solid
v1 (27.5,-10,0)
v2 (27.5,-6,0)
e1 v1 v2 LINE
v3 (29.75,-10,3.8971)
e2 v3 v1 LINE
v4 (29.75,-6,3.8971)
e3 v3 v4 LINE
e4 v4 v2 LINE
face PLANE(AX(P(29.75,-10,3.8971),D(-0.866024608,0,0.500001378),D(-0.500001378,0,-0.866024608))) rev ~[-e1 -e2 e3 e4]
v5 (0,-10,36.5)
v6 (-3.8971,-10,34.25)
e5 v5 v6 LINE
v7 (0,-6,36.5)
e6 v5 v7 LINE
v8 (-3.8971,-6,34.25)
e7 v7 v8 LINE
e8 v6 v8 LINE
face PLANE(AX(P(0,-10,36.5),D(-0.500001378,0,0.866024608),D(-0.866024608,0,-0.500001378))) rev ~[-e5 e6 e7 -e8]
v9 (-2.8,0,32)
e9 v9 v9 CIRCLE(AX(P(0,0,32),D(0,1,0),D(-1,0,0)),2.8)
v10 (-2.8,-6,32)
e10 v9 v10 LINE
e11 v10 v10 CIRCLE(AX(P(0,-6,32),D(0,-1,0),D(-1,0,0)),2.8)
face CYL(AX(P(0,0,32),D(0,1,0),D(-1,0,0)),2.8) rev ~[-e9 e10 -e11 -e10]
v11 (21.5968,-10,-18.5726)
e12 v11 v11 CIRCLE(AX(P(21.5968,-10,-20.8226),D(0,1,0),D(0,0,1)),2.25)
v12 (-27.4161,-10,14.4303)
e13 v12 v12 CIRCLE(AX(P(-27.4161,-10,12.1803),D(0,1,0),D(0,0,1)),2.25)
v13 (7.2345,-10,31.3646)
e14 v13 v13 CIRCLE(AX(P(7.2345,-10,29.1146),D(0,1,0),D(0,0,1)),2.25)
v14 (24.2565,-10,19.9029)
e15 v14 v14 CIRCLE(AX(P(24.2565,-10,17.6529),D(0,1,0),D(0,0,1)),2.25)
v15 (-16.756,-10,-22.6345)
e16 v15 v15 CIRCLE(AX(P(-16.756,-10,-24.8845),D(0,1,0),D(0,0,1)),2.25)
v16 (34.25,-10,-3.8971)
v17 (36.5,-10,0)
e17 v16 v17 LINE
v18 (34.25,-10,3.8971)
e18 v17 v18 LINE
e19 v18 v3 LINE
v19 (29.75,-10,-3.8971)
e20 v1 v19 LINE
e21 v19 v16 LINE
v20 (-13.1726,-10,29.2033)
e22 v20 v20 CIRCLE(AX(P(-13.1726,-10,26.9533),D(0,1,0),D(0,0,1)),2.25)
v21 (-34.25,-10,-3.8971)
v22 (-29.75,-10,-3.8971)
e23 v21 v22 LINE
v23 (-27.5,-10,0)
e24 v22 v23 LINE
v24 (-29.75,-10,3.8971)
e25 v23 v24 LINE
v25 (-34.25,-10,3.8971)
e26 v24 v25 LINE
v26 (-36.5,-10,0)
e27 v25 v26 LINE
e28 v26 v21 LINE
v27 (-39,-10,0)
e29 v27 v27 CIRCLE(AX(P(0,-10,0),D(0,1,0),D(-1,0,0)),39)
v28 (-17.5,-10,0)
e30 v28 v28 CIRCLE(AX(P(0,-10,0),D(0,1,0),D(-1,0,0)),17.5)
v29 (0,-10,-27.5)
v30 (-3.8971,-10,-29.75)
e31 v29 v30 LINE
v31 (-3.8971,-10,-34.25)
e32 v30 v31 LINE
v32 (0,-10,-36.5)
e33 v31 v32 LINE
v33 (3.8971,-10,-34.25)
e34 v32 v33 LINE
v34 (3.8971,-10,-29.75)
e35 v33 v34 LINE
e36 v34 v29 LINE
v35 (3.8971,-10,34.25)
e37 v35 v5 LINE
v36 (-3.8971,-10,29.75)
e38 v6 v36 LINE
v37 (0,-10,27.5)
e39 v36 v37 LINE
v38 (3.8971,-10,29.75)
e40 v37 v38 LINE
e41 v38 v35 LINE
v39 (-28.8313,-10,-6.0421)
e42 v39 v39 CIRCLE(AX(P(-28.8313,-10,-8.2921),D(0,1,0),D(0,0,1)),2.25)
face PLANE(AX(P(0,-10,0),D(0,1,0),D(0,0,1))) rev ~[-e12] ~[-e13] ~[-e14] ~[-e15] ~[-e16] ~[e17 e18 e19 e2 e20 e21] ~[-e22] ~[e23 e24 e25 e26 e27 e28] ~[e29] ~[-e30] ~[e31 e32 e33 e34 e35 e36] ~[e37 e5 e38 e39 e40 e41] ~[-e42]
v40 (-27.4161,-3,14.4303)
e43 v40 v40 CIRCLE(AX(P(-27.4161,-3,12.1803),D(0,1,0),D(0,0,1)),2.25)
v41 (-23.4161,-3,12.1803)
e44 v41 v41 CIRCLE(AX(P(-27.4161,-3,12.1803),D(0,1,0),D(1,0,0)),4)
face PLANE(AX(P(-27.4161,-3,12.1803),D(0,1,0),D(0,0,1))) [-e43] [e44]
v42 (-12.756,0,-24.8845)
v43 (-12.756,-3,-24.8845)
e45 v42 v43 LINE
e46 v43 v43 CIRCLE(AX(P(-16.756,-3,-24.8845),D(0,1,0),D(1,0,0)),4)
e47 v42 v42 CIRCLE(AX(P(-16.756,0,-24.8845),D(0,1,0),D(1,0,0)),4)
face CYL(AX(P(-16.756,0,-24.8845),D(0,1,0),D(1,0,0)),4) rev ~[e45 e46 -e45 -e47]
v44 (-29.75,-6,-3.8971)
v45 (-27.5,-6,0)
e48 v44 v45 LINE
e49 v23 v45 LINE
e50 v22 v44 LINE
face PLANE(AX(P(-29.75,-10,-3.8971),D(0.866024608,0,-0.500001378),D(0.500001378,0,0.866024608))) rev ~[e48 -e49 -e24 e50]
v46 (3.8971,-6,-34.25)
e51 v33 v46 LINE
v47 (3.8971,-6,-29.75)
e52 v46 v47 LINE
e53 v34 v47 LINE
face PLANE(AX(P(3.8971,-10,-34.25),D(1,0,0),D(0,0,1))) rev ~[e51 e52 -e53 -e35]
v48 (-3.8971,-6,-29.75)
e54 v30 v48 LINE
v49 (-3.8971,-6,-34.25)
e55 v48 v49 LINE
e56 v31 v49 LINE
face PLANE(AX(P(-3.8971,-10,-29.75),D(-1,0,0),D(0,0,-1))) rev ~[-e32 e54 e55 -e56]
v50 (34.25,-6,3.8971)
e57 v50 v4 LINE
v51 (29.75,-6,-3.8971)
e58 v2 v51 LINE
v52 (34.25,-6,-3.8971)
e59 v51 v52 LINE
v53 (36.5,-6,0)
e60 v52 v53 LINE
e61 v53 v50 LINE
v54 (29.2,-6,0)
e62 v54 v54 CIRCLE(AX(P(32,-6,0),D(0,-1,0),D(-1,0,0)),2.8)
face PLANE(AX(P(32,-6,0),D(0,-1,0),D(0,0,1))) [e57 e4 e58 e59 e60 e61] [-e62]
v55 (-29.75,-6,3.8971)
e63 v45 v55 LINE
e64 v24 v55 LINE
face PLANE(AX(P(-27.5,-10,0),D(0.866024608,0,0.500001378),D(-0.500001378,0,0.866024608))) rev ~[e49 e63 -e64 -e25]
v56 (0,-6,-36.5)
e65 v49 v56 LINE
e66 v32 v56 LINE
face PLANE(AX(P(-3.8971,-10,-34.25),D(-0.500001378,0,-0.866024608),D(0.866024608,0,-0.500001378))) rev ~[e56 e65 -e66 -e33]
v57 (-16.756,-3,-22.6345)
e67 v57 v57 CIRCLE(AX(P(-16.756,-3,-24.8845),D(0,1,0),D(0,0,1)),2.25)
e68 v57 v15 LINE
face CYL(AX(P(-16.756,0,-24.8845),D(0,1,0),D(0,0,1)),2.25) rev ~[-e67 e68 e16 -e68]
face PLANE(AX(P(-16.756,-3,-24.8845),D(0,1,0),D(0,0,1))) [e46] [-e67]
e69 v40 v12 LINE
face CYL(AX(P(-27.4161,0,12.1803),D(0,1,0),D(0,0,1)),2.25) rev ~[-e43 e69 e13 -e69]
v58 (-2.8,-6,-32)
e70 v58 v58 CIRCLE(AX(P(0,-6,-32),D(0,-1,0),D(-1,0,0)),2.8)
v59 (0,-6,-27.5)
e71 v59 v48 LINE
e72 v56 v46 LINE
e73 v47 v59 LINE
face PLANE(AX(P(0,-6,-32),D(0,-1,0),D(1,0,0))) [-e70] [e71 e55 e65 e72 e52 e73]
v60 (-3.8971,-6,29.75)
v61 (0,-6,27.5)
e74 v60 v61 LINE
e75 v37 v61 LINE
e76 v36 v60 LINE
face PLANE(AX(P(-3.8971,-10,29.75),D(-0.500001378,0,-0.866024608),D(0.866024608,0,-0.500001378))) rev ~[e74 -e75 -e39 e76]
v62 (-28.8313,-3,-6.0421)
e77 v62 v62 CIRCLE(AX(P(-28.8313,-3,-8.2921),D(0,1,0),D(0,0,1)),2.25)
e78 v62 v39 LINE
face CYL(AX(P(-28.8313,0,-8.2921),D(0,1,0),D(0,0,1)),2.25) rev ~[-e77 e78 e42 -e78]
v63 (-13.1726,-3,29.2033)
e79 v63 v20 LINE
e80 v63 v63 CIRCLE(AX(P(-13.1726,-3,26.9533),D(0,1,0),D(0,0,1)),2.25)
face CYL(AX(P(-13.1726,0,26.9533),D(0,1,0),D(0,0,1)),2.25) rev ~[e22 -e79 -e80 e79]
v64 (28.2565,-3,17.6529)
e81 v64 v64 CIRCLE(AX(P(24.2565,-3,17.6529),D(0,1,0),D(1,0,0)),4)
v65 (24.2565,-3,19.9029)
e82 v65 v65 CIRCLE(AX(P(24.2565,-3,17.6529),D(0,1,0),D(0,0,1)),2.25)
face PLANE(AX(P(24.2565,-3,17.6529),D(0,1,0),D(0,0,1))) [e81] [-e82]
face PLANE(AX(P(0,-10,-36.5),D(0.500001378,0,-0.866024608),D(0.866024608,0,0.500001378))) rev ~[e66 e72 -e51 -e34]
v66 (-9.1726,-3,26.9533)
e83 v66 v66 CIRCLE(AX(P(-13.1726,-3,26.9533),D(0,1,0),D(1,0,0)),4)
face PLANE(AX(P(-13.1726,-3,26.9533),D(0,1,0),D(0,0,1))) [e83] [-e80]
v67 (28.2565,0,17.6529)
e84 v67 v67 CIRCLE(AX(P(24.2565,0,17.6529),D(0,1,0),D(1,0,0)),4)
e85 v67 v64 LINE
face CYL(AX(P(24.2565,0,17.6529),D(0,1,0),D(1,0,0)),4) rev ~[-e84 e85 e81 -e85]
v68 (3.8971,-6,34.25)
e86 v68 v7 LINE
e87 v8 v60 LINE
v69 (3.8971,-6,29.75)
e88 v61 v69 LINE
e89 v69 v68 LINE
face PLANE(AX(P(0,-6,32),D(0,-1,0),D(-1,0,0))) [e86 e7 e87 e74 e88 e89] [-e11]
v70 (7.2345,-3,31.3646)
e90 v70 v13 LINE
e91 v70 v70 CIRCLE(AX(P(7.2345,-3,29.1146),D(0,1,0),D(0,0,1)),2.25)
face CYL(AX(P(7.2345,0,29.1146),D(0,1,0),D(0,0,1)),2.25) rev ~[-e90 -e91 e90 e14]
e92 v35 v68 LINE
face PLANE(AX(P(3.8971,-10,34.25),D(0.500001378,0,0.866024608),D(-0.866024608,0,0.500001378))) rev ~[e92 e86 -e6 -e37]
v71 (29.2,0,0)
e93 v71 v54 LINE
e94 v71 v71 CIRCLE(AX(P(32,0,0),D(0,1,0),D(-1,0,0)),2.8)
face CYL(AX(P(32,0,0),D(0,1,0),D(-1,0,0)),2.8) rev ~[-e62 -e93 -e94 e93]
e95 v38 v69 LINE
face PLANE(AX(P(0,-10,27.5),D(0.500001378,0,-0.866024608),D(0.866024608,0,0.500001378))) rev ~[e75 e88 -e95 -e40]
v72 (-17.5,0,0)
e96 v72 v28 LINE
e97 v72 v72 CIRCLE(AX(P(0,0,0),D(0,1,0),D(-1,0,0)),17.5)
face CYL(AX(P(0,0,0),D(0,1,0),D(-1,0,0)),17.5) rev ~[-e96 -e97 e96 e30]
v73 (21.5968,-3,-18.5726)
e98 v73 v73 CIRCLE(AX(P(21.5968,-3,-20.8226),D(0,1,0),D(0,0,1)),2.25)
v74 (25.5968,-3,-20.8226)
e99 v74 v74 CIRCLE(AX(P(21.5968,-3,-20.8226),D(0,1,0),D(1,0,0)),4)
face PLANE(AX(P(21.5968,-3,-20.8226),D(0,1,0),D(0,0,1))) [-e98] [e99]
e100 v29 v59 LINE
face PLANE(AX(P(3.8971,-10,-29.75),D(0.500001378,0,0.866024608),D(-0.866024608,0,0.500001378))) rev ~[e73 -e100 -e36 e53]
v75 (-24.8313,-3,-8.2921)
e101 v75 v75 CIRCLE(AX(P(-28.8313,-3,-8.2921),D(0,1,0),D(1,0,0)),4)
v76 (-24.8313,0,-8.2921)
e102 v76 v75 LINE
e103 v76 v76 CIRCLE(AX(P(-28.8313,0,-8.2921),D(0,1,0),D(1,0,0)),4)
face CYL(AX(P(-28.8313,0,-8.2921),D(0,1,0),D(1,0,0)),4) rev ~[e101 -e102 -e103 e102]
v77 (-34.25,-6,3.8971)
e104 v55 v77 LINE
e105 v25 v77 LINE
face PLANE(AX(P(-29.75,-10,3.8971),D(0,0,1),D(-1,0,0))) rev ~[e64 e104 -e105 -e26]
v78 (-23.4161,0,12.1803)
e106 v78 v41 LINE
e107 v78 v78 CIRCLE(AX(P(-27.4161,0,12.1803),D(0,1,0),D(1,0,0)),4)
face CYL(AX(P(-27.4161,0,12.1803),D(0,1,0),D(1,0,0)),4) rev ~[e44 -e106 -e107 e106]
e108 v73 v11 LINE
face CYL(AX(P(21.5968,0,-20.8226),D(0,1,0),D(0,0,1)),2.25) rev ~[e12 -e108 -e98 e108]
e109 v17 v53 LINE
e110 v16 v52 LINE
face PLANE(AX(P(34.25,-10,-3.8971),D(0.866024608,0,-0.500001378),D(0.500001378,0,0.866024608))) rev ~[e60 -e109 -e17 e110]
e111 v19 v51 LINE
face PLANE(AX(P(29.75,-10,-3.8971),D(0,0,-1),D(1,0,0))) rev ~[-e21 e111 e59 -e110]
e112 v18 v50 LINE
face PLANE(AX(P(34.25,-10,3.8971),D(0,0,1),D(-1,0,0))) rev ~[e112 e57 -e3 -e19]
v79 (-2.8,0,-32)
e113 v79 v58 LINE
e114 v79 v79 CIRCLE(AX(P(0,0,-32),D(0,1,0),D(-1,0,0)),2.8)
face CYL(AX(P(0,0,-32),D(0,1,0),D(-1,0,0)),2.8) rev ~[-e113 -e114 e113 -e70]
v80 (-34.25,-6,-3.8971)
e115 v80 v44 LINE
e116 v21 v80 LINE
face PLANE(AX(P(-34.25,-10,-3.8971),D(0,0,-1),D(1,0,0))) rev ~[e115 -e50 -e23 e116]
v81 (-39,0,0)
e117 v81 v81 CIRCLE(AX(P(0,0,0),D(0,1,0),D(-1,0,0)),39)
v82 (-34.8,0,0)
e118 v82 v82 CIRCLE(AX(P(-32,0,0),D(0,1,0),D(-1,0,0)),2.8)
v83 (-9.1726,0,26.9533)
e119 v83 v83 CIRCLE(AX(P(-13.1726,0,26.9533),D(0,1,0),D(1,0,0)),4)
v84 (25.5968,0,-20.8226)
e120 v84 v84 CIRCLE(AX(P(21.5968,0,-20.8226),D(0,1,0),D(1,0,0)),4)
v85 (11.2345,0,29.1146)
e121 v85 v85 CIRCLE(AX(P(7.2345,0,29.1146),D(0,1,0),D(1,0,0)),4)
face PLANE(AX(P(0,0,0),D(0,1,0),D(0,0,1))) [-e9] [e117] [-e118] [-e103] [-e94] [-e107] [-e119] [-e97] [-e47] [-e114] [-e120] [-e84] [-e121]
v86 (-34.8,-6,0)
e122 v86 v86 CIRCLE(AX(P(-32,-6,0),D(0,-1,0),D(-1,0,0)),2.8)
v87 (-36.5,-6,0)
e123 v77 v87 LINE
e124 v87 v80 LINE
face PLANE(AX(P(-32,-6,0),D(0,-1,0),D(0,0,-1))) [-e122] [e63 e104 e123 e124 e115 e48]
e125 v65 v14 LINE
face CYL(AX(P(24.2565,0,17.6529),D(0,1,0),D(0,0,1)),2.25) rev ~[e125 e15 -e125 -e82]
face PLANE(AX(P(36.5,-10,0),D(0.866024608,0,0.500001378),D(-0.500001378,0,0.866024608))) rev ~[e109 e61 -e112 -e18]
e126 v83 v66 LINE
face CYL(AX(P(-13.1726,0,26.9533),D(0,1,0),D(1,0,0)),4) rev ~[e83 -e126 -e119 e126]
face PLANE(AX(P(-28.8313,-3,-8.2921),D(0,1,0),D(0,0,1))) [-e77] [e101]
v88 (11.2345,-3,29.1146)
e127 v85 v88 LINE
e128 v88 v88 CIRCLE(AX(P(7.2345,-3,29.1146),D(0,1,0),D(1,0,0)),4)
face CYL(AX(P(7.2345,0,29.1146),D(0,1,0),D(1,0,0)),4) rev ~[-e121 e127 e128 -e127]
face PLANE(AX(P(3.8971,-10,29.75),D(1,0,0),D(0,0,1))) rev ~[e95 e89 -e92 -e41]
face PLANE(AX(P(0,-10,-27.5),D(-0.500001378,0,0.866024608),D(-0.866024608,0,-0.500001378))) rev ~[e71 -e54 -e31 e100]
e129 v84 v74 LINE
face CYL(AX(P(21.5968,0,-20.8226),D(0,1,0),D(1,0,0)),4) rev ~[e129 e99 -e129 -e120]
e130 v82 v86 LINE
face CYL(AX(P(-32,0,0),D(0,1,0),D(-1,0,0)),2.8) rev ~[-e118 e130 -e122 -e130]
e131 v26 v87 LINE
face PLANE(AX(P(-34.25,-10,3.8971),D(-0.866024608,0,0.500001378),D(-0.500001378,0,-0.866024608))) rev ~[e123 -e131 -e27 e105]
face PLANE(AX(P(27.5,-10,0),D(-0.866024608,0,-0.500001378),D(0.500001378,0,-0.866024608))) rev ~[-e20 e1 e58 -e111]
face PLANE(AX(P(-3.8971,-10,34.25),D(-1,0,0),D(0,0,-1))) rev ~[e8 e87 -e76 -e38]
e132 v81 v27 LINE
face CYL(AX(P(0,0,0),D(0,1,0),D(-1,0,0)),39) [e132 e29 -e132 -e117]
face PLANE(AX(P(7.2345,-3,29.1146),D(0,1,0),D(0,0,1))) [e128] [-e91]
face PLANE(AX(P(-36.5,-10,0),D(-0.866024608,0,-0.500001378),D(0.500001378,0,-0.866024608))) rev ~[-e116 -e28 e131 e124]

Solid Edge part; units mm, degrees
sketch "Sketch1" plane through (0, 0, 0) normal (0, 1, 0) x (-1, 0, 0)
  circle A0 centre (0, 0) radius 17.5
  circle A1 centre (0, 0) radius 39
  dimension "D1" = 64
  dimension "D2" = 78
  dimension "D3" = 35
  dimension "D4" = 5.6
extrude "Protrusion1" add sketch "Sketch1" against normal blind 10
sketch "Sketch2" plane through (0, 0, 0) normal (0, 1, 0) x (0, 0, 1)
  circle A0 centre (-20.8226, 21.5968) radius 2.25
  circle A1 centre (17.6529, 24.2565) radius 2.25
  circle A2 centre (29.1146, 7.2345) radius 2.25
  circle A3 centre (26.9533, -13.1726) radius 2.25
  circle A4 centre (12.1803, -27.4161) radius 2.25
  circle A5 centre (-8.2921, -28.8313) radius 2.25
  circle A6 centre (-24.8845, -16.756) radius 2.25
  dimension "D1" = 25
  dimension "D2" = 60
  dimension "D3" = 4.5
extrude "ExtrudedCutout_1" cut sketch "Sketch2" against normal blind 130.6
sketch "Sketch3" plane through (0, 0, 0) normal (0, 1, 0) x (-1, 0, 0)
  circle A0 centre (0, 32) radius 2.8
  circle A1 centre (-32, 0) radius 2.8
  circle A2 centre (0, -32) radius 2.8
  circle A3 centre (32, 0) radius 2.8
  dimension "D1" = 64
  dimension "D2" = 78
  dimension "D3" = 35
  dimension "D4" = 5.6
extrude "ExtrudedCutout_2" cut sketch "Sketch3" against normal blind 261.7
sketch "Sketch4" plane through (0, -10, 0) normal (0, -1, 0) x (0, 0, 1)
  circle A0 centre (0, 32) radius 2.8
  line L0 (0, 36.5) -> (-3.8971, 34.25)
  line L1 (-3.8971, 34.25) -> (-3.8971, 29.75)
  line L2 (-3.8971, 29.75) -> (0, 27.5)
  line L3 (0, 27.5) -> (3.8971, 29.75)
  line L4 (3.8971, 29.75) -> (3.8971, 34.25)
  line L5 (3.8971, 34.25) -> (0, 36.5)
extrude "ExtrudedCutout_3" cut sketch "Sketch4" against normal blind 4
pattern_circular "Pattern1" count 4 over 360 about axis through (0, -10, 0) along (0, -1, 0) of "ExtrudedCutout_3"
sketch "Sketch5" plane through (0, 0, 0) normal (0, 1, 0) x (1, 0, 0)
  circle A0 centre (-16.756, 24.8845) radius 4
  circle A1 centre (21.5968, 20.8226) radius 4
  circle A2 centre (24.2565, -17.6529) radius 4
  circle A3 centre (7.2345, -29.1146) radius 4
  circle A4 centre (-13.1726, -26.9533) radius 4
  circle A5 centre (-27.4161, -12.1803) radius 4
  circle A6 centre (-28.8313, 8.2921) radius 4
  dimension "D1" = 8
  dimension "D2" = 8
  dimension "D3" = 8
  dimension "D4" = 8
  dimension "D5" = 8
  dimension "D6" = 8
  dimension "D7" = 8
extrude "ExtrudedCutout_4" cut sketch "Sketch5" against normal blind 3
